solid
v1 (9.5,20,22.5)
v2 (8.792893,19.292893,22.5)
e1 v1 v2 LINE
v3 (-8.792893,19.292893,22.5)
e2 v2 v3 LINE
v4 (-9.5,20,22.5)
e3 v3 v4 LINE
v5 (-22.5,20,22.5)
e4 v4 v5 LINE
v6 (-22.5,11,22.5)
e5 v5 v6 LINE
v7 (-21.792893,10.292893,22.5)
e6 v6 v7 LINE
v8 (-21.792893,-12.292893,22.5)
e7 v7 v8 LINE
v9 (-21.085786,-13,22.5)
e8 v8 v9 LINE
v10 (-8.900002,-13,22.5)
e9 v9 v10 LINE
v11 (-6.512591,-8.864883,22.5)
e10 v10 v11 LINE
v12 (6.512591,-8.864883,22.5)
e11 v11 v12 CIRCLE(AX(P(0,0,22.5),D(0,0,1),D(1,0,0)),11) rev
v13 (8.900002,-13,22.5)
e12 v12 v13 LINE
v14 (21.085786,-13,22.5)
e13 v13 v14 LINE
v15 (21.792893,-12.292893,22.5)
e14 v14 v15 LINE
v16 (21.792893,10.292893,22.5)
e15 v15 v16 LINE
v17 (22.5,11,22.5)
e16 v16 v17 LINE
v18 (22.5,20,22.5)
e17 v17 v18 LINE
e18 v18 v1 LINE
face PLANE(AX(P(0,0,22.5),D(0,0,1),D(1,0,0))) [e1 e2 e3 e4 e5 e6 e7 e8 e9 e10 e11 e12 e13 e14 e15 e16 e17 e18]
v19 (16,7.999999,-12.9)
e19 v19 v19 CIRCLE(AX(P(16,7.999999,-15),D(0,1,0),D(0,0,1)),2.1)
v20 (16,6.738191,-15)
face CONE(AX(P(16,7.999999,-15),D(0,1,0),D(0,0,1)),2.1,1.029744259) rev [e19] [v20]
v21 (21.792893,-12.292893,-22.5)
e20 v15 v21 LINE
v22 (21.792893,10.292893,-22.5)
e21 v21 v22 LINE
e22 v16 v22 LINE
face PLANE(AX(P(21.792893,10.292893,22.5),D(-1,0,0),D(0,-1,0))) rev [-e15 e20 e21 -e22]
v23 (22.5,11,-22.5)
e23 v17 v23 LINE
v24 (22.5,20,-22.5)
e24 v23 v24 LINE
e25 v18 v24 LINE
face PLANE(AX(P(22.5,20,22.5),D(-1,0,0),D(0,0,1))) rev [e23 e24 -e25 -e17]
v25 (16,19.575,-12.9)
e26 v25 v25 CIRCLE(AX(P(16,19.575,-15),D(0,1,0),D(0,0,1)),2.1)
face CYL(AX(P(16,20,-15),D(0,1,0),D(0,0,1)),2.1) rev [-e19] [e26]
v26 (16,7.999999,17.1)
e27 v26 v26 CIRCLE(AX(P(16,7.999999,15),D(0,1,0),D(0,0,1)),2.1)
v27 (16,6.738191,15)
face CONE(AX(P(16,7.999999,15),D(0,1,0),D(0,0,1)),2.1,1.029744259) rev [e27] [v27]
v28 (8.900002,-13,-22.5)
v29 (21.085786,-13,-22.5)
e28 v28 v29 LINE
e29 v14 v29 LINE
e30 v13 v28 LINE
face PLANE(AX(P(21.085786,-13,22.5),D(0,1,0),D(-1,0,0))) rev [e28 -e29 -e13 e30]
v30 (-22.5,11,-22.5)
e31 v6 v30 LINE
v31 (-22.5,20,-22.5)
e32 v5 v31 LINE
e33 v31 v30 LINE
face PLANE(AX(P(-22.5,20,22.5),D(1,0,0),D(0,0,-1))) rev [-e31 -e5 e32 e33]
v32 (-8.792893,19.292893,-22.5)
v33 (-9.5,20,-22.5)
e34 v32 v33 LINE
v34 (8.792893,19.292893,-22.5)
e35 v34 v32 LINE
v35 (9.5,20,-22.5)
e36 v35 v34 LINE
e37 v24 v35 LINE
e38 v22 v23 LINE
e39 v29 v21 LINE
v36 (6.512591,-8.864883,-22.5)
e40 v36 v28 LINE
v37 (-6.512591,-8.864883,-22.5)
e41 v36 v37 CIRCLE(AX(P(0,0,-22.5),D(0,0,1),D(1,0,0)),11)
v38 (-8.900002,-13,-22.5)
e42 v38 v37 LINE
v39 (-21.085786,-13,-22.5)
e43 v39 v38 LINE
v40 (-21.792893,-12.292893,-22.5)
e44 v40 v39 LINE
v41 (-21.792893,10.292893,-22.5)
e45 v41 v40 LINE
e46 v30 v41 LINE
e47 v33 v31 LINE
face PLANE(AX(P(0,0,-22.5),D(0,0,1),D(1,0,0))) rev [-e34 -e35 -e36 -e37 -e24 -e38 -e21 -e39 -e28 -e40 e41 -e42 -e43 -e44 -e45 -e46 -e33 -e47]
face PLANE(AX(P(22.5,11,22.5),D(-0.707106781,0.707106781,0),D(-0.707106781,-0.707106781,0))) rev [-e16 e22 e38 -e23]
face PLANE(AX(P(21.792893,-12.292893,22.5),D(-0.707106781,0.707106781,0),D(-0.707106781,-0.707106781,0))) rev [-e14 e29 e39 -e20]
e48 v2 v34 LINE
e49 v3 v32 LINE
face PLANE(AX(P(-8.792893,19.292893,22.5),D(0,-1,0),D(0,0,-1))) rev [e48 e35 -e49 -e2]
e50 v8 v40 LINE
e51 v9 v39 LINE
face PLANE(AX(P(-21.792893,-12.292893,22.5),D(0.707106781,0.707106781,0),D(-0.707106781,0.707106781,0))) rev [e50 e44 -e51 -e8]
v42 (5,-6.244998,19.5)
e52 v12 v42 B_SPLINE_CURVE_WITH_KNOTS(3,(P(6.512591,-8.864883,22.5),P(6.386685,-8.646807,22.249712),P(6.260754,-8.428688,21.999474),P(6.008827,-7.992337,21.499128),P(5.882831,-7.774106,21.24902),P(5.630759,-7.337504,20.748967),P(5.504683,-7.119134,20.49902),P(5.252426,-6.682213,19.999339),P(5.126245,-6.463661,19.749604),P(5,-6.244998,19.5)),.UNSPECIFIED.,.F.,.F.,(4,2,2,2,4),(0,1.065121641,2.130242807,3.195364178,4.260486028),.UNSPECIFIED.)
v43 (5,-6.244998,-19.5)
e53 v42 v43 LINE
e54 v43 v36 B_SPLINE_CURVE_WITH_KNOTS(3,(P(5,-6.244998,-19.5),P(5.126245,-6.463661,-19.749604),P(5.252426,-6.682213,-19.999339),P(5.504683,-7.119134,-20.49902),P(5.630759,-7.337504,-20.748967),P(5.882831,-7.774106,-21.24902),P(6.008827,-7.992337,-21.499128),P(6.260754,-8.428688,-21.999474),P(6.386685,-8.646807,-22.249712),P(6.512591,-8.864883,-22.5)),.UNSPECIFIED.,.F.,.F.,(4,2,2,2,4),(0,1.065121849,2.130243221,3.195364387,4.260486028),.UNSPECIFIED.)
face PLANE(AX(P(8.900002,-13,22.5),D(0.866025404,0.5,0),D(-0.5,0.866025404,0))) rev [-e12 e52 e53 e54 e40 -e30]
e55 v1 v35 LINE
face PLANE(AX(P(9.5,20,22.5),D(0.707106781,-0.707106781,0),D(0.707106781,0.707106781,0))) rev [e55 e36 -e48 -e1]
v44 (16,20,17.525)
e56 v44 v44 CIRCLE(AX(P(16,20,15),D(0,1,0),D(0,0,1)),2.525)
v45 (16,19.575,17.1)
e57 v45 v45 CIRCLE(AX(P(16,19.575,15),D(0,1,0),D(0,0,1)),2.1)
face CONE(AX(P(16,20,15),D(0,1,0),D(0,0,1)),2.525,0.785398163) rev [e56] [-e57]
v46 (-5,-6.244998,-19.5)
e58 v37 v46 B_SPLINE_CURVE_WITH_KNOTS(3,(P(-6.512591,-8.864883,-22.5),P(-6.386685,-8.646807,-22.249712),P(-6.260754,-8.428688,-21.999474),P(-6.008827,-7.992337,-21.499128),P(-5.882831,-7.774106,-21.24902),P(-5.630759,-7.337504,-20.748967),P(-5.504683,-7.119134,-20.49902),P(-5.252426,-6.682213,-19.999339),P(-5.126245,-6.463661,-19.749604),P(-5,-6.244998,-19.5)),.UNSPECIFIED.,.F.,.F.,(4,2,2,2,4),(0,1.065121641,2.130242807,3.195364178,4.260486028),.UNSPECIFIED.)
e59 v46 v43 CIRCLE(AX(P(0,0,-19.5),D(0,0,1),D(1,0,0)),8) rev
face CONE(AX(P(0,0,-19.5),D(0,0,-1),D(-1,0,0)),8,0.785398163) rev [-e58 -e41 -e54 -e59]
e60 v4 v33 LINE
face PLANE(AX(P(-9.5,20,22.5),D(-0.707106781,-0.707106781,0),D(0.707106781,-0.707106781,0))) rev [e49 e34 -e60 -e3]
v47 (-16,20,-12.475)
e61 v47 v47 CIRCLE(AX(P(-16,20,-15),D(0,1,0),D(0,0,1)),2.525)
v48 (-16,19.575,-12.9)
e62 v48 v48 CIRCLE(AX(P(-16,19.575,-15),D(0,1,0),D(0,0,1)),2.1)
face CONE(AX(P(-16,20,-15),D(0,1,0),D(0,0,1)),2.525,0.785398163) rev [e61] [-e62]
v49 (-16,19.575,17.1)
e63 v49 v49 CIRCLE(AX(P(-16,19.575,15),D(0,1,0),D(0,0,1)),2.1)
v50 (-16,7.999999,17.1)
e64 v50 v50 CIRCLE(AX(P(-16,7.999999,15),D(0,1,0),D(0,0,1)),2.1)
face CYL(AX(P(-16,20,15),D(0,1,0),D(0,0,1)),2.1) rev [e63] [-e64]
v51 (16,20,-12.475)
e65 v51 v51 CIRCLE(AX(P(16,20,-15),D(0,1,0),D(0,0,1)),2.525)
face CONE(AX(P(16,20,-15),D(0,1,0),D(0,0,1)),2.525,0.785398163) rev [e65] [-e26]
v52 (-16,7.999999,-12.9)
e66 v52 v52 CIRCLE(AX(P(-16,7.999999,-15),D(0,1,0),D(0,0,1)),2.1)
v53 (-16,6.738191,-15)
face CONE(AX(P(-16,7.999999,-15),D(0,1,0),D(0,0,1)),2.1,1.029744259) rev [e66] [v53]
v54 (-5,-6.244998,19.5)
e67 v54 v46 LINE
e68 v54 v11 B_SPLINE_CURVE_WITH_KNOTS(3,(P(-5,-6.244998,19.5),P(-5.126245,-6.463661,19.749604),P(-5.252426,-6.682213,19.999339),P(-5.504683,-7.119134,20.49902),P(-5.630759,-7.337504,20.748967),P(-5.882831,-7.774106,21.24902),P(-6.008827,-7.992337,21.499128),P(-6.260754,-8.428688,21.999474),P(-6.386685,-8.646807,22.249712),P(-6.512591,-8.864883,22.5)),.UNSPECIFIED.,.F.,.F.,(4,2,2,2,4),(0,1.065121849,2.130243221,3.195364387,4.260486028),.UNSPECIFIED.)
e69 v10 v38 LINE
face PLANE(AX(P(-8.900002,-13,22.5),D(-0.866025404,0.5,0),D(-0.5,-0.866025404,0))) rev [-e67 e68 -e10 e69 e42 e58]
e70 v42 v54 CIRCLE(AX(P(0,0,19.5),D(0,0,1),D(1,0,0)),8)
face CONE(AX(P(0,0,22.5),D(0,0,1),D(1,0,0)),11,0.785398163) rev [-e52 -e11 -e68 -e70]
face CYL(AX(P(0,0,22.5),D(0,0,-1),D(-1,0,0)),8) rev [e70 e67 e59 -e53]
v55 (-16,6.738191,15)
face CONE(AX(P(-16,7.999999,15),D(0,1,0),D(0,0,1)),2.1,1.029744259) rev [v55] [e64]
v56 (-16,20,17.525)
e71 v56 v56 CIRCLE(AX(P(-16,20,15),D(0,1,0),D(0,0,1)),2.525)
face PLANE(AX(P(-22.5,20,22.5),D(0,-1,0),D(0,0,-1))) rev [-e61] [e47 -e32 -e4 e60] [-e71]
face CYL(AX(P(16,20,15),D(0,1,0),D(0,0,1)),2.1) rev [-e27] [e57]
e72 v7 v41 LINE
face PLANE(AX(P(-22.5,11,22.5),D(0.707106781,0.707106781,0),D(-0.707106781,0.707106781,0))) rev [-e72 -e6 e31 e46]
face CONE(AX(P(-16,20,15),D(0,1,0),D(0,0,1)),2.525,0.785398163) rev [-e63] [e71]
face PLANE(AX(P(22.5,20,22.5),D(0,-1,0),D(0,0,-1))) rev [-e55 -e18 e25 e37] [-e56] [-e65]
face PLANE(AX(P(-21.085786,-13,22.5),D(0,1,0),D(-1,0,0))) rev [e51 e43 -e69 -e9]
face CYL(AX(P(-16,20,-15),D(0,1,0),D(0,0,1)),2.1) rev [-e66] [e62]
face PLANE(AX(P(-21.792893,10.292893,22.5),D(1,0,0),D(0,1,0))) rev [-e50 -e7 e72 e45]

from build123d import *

# Parameters (mm, degrees)
BOSS_EXTRUDE1_DEPTH             = 22.5
M5X0_8_TAPPED_HOLE1_D           = 4.2
M5X0_8_TAPPED_HOLE1_DEPTH       = 12.0000014
M5X0_8_TAPPED_HOLE1_CSINK_D     = 5.05
M5X0_8_TAPPED_HOLE1_CSINK_ANGLE = 90
M5X0_8_TAPPED_HOLE1_TIP         = 1.2618073
CHAMFER1_SIZE                   = 3


with BuildPart() as part:
    # Sketch1 → Boss-Extrude1 (new body, symmetric)
    with BuildSketch(Plane.XY):
        with BuildLine():
            Line((-22.5, 20), (-22.5, 11))
            Line((-22.5, 11), (-21.792893219, 10.292893219))
            Line((-21.792893219, 10.292893219), (-21.792893219, -12.292893219))
            Line((-21.792893219, -12.292893219), (-21.085786438, -13))
            Line((-21.085786438, -13), (-8.900002224, -13))
            Line((-8.900002224, -13), (-5, -6.244997998))
            ThreePointArc((-5, -6.244997998), (0, 8), (5, -6.244997998))
            Line((5, -6.244997998), (8.900002224, -13))
            Line((8.900002224, -13), (21.085786438, -13))
            Line((21.085786438, -13), (21.792893219, -12.292893219))
            Line((21.792893219, -12.292893219), (21.792893219, 10.292893219))
            Line((21.792893219, 10.292893219), (22.5, 11))
            Line((22.5, 11), (22.5, 20))
            Line((22.5, 20), (9.5, 20))
            Line((9.5, 20), (8.792893219, 19.292893219))
            Line((8.792893219, 19.292893219), (-8.792893219, 19.292893219))
            Line((-8.792893219, 19.292893219), (-9.5, 20))
            Line((-9.5, 20), (-22.5, 20))
        make_face()
    extrude(amount=BOSS_EXTRUDE1_DEPTH, both=True)

    # M5x0.8 Tapped Hole1
    with Locations(Plane(origin=(16, 20, 15), x_dir=(0, 0, 1), z_dir=(0, 1, 0))):
        with Locations((0, 0), (-30, 0), (-30, -32), (0, -32)):
            CounterSinkHole(M5X0_8_TAPPED_HOLE1_D / 2, M5X0_8_TAPPED_HOLE1_CSINK_D / 2, depth=M5X0_8_TAPPED_HOLE1_DEPTH, counter_sink_angle=M5X0_8_TAPPED_HOLE1_CSINK_ANGLE)
            with Locations((0, 0, -(M5X0_8_TAPPED_HOLE1_DEPTH + M5X0_8_TAPPED_HOLE1_TIP / 2))):  # 118° drill point
                Cone(0, M5X0_8_TAPPED_HOLE1_D / 2, M5X0_8_TAPPED_HOLE1_TIP, mode=Mode.SUBTRACT)

    # Chamfer1
    chamfer1_edges = [part.edges().sort_by_distance(p)[0] for p in [
        (0, 8, -22.5),
        (0, 8, 22.5),
    ]]
    chamfer(chamfer1_edges, length=CHAMFER1_SIZE)


solid = part.part
